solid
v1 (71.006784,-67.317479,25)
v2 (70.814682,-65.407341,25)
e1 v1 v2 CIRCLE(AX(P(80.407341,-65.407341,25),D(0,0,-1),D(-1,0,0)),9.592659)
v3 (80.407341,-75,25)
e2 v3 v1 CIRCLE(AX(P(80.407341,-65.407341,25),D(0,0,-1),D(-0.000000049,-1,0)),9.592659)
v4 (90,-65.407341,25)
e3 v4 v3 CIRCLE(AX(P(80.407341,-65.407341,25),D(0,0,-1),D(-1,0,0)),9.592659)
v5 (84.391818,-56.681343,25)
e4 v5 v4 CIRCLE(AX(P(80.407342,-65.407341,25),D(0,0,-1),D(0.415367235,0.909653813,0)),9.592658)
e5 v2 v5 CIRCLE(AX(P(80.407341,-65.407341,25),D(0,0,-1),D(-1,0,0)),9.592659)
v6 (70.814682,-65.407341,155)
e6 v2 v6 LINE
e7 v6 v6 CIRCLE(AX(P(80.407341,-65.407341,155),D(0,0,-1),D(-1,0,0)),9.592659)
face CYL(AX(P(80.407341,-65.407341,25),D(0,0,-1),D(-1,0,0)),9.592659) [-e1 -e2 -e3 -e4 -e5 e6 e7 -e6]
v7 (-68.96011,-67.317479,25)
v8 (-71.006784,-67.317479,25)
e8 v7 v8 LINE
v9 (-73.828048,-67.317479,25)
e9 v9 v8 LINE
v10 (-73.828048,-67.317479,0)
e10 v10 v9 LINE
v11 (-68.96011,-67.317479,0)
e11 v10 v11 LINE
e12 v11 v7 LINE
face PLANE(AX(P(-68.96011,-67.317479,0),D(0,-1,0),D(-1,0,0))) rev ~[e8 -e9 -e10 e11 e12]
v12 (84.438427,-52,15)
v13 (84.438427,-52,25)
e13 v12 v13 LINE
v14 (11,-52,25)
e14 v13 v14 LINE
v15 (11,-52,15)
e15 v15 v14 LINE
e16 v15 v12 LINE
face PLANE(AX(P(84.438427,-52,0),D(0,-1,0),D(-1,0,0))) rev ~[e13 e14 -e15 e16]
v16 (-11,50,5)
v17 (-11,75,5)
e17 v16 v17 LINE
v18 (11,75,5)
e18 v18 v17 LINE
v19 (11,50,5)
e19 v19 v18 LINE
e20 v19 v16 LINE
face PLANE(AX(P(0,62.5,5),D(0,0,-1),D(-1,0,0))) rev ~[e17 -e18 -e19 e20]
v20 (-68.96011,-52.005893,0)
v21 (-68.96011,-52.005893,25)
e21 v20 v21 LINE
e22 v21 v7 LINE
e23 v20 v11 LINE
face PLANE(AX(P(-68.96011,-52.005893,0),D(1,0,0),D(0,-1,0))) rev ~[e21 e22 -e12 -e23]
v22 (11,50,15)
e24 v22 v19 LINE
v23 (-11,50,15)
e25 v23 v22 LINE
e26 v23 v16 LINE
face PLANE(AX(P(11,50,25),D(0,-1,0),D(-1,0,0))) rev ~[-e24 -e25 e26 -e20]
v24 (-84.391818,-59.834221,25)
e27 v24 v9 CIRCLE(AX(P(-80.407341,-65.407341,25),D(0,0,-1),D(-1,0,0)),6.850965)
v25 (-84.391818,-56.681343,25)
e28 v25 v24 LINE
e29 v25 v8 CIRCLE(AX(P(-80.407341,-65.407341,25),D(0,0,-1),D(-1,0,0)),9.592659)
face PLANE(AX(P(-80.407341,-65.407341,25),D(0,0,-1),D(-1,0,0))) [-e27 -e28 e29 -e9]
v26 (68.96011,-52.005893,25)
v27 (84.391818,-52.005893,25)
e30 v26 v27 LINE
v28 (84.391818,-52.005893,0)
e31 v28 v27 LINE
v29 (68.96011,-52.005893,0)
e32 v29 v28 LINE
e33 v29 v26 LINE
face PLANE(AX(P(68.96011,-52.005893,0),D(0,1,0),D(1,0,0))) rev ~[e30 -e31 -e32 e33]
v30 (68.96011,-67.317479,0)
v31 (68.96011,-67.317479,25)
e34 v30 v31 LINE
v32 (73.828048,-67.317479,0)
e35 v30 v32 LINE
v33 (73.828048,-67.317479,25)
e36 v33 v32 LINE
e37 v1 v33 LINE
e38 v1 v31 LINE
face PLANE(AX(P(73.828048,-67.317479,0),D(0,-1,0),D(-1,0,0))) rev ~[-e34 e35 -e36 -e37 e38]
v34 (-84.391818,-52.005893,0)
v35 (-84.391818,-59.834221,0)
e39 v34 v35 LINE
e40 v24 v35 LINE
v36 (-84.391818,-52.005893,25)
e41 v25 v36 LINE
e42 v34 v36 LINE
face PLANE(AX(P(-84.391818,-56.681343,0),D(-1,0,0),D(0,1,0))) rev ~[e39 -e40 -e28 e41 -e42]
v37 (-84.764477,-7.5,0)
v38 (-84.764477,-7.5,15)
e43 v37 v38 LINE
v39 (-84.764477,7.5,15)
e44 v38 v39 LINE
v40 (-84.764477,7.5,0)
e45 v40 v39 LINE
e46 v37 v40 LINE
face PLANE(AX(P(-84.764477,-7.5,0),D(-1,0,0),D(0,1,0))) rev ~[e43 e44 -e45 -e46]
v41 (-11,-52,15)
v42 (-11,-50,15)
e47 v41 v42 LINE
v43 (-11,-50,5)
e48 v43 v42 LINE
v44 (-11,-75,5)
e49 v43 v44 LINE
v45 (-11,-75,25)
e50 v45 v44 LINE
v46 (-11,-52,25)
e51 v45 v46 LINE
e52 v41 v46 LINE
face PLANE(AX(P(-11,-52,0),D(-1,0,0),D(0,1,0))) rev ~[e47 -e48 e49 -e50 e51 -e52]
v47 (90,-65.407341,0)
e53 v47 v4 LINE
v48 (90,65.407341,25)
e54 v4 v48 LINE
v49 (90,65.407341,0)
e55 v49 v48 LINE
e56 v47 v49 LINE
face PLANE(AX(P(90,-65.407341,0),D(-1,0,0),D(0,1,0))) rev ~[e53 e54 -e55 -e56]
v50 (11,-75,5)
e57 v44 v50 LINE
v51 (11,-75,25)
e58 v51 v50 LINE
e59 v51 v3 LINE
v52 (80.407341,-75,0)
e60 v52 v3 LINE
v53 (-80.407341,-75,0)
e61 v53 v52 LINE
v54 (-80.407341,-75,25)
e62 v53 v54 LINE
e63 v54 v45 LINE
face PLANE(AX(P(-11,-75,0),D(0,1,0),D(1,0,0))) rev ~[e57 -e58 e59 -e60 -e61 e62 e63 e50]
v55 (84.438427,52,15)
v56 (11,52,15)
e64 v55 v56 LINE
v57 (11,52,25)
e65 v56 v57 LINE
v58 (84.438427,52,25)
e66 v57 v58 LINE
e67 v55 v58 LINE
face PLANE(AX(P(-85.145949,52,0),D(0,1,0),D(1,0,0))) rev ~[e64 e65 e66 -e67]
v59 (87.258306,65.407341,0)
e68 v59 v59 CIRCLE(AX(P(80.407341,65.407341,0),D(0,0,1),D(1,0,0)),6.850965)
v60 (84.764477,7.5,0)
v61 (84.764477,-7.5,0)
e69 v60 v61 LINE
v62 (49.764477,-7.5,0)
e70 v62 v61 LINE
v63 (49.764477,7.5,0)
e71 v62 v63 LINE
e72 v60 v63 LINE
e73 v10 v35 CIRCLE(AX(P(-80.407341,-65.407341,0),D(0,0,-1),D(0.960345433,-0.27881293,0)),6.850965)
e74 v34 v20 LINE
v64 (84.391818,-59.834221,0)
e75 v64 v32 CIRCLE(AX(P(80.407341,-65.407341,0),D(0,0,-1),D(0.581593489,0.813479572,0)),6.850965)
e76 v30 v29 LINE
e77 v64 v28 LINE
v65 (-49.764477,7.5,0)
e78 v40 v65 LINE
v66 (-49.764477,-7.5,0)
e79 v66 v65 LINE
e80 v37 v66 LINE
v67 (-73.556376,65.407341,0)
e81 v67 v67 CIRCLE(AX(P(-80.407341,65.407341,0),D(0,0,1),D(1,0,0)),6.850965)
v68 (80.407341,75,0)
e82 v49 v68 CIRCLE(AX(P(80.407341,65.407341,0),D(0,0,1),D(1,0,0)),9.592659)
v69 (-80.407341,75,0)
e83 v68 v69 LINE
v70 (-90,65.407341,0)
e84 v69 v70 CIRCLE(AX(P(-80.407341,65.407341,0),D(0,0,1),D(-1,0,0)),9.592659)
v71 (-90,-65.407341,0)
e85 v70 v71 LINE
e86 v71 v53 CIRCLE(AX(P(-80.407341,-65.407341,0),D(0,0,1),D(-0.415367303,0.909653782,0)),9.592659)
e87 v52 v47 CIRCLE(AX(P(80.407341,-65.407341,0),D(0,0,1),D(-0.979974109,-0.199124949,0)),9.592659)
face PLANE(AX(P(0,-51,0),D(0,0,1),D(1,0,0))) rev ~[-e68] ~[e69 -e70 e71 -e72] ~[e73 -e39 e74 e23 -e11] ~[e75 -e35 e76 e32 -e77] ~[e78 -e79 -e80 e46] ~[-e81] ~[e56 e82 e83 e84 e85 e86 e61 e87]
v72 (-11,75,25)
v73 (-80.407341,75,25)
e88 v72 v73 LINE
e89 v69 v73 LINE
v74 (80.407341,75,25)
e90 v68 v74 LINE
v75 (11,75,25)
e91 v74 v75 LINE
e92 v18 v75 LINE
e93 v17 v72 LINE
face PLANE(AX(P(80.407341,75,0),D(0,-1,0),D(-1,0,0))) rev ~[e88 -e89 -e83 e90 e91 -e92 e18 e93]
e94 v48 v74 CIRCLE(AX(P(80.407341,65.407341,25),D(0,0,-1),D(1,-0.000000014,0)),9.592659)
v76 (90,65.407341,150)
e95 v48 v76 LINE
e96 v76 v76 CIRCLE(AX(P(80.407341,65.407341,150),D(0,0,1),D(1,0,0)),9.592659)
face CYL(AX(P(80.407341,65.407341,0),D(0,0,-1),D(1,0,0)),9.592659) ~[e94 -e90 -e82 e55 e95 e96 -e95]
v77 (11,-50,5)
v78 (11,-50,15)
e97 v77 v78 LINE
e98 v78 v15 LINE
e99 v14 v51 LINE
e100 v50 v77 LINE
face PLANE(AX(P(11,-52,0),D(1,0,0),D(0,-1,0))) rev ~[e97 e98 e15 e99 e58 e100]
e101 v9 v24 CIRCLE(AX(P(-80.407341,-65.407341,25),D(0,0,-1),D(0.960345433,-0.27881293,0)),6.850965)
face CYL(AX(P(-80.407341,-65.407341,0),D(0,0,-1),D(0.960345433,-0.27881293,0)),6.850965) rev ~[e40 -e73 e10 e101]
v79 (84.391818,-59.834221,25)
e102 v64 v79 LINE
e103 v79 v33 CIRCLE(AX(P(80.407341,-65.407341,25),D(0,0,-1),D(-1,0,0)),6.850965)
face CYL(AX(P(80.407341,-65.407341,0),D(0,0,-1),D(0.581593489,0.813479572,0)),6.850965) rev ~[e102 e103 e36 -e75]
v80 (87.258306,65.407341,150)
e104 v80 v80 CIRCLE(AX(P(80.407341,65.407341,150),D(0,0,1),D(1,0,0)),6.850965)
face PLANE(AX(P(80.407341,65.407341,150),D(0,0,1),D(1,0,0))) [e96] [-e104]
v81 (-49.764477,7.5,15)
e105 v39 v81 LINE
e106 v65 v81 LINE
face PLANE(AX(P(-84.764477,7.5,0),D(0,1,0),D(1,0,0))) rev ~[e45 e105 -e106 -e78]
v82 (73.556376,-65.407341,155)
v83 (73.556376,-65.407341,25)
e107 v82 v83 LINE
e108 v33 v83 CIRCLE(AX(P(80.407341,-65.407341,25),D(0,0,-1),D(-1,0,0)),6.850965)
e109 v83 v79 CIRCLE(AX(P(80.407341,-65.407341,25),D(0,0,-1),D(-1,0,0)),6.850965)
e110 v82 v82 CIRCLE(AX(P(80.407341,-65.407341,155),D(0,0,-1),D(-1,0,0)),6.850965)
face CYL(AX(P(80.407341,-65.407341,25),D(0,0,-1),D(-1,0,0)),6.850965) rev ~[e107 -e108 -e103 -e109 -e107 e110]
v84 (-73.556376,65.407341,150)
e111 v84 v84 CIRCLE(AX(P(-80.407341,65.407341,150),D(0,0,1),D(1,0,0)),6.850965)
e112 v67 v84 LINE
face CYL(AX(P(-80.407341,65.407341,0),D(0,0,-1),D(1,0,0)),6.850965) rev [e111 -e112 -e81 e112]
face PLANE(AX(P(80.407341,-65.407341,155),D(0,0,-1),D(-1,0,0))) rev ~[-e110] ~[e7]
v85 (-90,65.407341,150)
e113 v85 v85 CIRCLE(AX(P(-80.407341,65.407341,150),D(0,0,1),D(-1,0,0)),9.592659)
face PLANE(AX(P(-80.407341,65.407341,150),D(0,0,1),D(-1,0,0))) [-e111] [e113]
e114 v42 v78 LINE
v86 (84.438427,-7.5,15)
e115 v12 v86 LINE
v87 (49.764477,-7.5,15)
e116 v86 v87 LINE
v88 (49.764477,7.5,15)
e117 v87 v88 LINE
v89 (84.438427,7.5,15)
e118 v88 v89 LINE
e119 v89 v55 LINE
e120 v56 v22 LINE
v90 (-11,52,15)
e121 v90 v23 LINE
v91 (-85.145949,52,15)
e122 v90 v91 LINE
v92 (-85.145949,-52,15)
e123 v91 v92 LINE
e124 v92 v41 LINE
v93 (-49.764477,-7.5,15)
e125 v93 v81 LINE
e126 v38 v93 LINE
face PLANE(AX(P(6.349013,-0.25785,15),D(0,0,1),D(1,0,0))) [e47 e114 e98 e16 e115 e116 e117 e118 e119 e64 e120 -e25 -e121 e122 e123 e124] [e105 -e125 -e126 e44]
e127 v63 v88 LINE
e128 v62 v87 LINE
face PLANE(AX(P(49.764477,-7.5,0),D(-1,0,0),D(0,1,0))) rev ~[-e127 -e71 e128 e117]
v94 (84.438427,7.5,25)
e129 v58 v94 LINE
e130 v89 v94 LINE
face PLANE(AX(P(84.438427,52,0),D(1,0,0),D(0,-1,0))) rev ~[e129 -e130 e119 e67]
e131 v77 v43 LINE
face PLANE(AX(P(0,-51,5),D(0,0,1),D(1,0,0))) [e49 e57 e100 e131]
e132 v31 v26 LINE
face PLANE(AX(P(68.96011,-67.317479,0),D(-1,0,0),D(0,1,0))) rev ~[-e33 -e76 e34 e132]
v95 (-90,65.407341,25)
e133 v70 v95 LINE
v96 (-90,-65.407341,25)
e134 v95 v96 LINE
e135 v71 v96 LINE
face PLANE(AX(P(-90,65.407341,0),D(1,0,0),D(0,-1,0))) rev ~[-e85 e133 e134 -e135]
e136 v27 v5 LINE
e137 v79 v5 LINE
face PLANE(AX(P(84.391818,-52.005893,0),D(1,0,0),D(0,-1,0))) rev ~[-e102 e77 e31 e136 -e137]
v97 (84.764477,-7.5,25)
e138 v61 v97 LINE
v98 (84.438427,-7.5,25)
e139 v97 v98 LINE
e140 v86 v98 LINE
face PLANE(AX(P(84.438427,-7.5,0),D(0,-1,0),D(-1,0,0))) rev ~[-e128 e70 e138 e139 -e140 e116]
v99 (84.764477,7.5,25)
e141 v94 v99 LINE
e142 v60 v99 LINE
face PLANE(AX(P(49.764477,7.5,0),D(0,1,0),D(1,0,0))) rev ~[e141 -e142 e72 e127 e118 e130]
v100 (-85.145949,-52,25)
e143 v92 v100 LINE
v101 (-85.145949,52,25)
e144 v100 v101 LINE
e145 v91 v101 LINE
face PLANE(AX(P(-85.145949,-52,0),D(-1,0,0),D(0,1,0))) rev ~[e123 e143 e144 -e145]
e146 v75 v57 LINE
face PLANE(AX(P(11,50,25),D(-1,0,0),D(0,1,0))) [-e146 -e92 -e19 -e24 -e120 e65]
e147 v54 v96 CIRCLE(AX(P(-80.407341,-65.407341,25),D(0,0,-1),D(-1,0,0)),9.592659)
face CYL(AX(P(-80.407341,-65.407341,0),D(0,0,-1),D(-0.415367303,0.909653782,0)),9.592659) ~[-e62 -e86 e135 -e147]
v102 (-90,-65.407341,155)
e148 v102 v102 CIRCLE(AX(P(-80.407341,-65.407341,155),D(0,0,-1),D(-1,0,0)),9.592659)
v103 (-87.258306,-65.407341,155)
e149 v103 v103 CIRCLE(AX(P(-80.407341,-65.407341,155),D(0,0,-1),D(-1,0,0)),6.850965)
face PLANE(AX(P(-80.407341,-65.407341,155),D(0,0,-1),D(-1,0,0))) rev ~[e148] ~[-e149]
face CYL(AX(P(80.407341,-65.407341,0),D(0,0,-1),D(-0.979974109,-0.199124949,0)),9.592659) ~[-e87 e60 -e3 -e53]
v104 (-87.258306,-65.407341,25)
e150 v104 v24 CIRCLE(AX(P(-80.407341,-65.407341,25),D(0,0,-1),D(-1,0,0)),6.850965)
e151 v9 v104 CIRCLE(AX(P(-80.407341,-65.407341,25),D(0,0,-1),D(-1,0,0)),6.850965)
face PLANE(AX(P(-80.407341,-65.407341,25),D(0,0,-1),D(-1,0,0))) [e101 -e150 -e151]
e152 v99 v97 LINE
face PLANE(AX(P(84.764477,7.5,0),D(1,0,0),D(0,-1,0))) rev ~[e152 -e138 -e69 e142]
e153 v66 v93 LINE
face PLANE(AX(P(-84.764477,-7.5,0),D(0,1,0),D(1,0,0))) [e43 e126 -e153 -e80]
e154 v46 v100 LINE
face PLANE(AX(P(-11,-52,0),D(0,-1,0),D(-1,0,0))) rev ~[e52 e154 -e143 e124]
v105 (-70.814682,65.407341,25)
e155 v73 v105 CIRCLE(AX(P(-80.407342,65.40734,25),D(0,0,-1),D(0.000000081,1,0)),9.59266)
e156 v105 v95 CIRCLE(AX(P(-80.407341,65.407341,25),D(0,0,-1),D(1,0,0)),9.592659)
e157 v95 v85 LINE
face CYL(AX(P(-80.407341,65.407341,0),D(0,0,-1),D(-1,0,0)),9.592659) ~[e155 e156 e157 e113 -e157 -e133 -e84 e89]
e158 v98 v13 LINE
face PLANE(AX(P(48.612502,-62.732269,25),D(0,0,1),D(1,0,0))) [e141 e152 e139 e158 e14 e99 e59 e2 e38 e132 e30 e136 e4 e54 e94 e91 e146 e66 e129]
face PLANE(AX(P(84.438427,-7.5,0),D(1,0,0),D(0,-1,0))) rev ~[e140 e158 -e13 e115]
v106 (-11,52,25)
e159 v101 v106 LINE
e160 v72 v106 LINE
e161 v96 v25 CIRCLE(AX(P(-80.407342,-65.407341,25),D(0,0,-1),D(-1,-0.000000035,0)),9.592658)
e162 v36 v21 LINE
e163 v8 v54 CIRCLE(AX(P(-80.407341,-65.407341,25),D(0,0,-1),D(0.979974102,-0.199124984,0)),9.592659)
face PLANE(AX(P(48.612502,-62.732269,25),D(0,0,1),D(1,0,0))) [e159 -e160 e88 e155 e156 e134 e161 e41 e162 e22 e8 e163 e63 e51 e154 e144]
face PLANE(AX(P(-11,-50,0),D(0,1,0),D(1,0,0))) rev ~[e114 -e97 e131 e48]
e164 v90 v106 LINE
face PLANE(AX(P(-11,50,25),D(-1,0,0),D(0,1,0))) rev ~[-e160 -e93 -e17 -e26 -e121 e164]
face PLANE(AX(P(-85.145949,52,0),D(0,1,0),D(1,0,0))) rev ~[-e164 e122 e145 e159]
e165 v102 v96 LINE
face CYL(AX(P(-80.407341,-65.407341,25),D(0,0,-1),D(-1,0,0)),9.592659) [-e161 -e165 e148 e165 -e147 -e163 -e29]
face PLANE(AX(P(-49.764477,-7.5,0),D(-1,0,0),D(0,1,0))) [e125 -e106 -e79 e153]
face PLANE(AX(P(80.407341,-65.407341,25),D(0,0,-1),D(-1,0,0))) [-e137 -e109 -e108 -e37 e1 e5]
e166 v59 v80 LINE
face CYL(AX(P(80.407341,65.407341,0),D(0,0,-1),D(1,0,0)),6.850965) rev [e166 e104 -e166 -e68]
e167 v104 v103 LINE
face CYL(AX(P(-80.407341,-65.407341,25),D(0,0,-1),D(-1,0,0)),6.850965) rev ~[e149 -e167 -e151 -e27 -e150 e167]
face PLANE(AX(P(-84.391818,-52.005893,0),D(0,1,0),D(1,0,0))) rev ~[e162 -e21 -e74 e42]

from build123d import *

# Parameters (mm, degrees)
EXTRUDE_1_DEPTH     = 25
SKETCH_1_17_R       = 9.592659
SKETCH_1_17_R_2     = 6.850965
EXTRUDE_2_DEPTH     = 150
SKETCH_1_20_W       = 35
SKETCH_1_20_H       = 15
EXTRUDE_3_DEPTH     = 15
EXTRUDE_4_DEPTH     = 25
EXTRUDE_START       = 130
SKETCH_4_R          = 9.592659
SKETCH_4_R_2        = 6.850965
EXTRUDE_6_DEPTH     = 130
SKETCH_2_R          = 6.850965
SKETCH_2_W          = 22
SKETCH_2_H          = 25
CUT_EXTRUDE_3_DEPTH = 20
SKETCH_1_24_W       = 22
SKETCH_1_24_H       = 25
EXTRUDE_7_DEPTH     = 5


with BuildPart() as part:
    # 草图1 → 凸台-拉伸1 (new body)
    with BuildSketch(Plane.XY):
        with BuildLine():
            Line((80.407341, 75), (-80.407341, 75))
            ThreePointArc((-80.407341, 75), (-73.624307, 72.190375), (-70.814682, 65.407341))
            ThreePointArc((-70.814682, 65.407341), (-80.407341, 55.814682), (-90, 65.407341))
            Line((-90, 65.407341), (-90, -65.407341))
            ThreePointArc((-90, -65.407341), (-88.477063, -60.220946), (-84.391818, -56.681343))
            Line((-84.391818, -56.681343), (-84.391818, -52.005893))
            Line((-84.391818, -52.005893), (-68.96011, -52.005893))
            Line((-68.96011, -52.005893), (-68.96011, -67.317479))
            Line((-68.96011, -67.317479), (-71.006784, -67.317479))
            ThreePointArc((-71.006784, -67.317479), (-74.337094, -72.835073), (-80.407341, -75))
            Line((-80.407341, -75), (-11, -75))
            Line((-11, -75), (-11, -52))
            Line((-11, -52), (-85.145949, -52))
            Line((-85.145949, -52), (-85.145949, 52))
            Line((-85.145949, 52), (-7.782014, 52))
            Line((-7.782014, 52), (7.782014, 52))
            Line((7.782014, 52), (84.438427, 52))
            Line((84.438427, 52), (84.438427, 7.5))
            Line((84.438427, 7.5), (84.764477, 7.5))
            Line((84.764477, 7.5), (84.764477, -7.5))
            Line((84.764477, -7.5), (84.438427, -7.5))
            Line((84.438427, -7.5), (84.438427, -52))
            Line((84.438427, -52), (84.391818, -52.005893))
            Line((84.391818, -52.005893), (84.391818, -56.681343))
            ThreePointArc((84.391818, -56.681343), (88.477063, -60.220946), (90, -65.407341))
            Line((90, -65.407341), (90, 65.407341))
            ThreePointArc((90, 65.407341), (73.624307, 58.624307), (80.407341, 75))
        make_face()
    extrude(amount=EXTRUDE_1_DEPTH)

    # 草图1<17> → 凸台-拉伸2 (add)
    # profile 1 of 4: a face of its own
    with BuildSketch(Plane.XY):
        with Locations((-80.407341, 65.407341)):
            Circle(SKETCH_1_17_R)
        with Locations((-80.407341, 65.407341)):
            Circle(SKETCH_1_17_R_2, mode=Mode.SUBTRACT)
    # profile 2 of 4: a face of its own
    with BuildSketch(Plane.XY):
        with Locations((80.407341, 65.407341)):
            Circle(SKETCH_1_17_R)
        with Locations((80.407341, 65.407341)):
            Circle(SKETCH_1_17_R_2, mode=Mode.SUBTRACT)
    # profile 3 of 4: a face of its own
    with BuildSketch(Plane.XY):
        with BuildLine():
            ThreePointArc((-84.391818, -56.681343), (-86.375199, -72.917586), (-71.006784, -67.317479))
            Line((-71.006784, -67.317479), (-73.828048, -67.317479))
            ThreePointArc((-73.828048, -67.317479), (-84.367525, -70.99775), (-84.391818, -59.834221))
            Line((-84.391818, -59.834221), (-84.391818, -56.681343))
        make_face()
    # profile 4 of 4: a face of its own
    with BuildSketch(Plane.XY):
        with BuildLine():
            ThreePointArc((71.006784, -67.317479), (86.375199, -72.917586), (84.391818, -56.681343))
            Line((84.391818, -56.681343), (84.391818, -59.834221))
            ThreePointArc((84.391818, -59.834221), (84.367525, -70.99775), (73.828048, -67.317479))
            Line((73.828048, -67.317479), (71.006784, -67.317479))
        make_face()
    extrude(amount=EXTRUDE_2_DEPTH)

    # 草图1<20> → 凸台-拉伸3 (add)
    with BuildSketch(Plane.XY):
        Polygon((-85.145949, -52), (-11, -52), (-11, -50), (11, -50), (11, -52), (84.438427, -52), (84.438427, -7.5), (49.764477, -7.5), (49.764477, 7.5), (84.438427, 7.5), (84.438427, 52), (7.782014, 52), (-7.782014, 52), (-85.145949, 52), align=None)
        with Locations((-67.264477, 0)):
            Rectangle(SKETCH_1_20_W, SKETCH_1_20_H, mode=Mode.SUBTRACT)
    extrude(amount=EXTRUDE_3_DEPTH)

    # 草图1<21> → 凸台-拉伸4 (add)
    with BuildSketch(Plane.XY):
        with BuildLine():
            Line((11, -75), (80.407341, -75))
            ThreePointArc((80.407341, -75), (74.337094, -72.835073), (71.006784, -67.317479))
            Line((71.006784, -67.317479), (68.96011, -67.317479))
            Line((68.96011, -67.317479), (68.96011, -52.005893))
            Line((68.96011, -52.005893), (84.391818, -52.005893))
            Line((84.391818, -52.005893), (84.438427, -52))
            Line((84.438427, -52), (11, -52))
            Line((11, -52), (11, -75))
        make_face()
    extrude(amount=EXTRUDE_4_DEPTH)

    # 草图4 → 凸台-拉伸6 (add)
    # profile 1 of 2: a face of its own
    with BuildSketch(Plane(origin=(0, 0, 155), x_dir=(-1, 0, 0), z_dir=(0, 0, -1)).offset(EXTRUDE_START)):
        with Locations((80.407341, -65.407341)):
            Circle(SKETCH_4_R)
        with Locations((80.407341, -65.407341)):
            Circle(SKETCH_4_R_2, mode=Mode.SUBTRACT)
    # profile 2 of 2: a face of its own
    with BuildSketch(Plane(origin=(0, 0, 155), x_dir=(-1, 0, 0), z_dir=(0, 0, -1)).offset(EXTRUDE_START)):
        with Locations((-80.407341, -65.407341)):
            Circle(SKETCH_4_R)
        with Locations((-80.407341, -65.407341)):
            Circle(SKETCH_4_R_2, mode=Mode.SUBTRACT)
    extrude(amount=-EXTRUDE_6_DEPTH)

    # 草图2 → 切除-拉伸3 (cut, symmetric)
    with BuildSketch(Plane(origin=(0, 0, 25), x_dir=(-1, 0, 0), z_dir=(0, 0, -1))):
        with Locations((-80.407341, -65.407341)):
            Circle(SKETCH_2_R)
        with Locations((80.407341, -65.407341)):
            Circle(SKETCH_2_R)
        with Locations((0, -62.5)):
            Rectangle(SKETCH_2_W, SKETCH_2_H)
        with Locations((0, 62.5)):
            Rectangle(SKETCH_2_W, SKETCH_2_H)
    extrude(amount=CUT_EXTRUDE_3_DEPTH, both=True, mode=Mode.SUBTRACT)

    # 草图1<24> → 凸台-拉伸7 (add)
    with BuildSketch(Plane.XY):
        with Locations((0, -62.5)):
            Rectangle(SKETCH_1_24_W, SKETCH_1_24_H)
    extrude(amount=EXTRUDE_7_DEPTH)


solid = part.part
